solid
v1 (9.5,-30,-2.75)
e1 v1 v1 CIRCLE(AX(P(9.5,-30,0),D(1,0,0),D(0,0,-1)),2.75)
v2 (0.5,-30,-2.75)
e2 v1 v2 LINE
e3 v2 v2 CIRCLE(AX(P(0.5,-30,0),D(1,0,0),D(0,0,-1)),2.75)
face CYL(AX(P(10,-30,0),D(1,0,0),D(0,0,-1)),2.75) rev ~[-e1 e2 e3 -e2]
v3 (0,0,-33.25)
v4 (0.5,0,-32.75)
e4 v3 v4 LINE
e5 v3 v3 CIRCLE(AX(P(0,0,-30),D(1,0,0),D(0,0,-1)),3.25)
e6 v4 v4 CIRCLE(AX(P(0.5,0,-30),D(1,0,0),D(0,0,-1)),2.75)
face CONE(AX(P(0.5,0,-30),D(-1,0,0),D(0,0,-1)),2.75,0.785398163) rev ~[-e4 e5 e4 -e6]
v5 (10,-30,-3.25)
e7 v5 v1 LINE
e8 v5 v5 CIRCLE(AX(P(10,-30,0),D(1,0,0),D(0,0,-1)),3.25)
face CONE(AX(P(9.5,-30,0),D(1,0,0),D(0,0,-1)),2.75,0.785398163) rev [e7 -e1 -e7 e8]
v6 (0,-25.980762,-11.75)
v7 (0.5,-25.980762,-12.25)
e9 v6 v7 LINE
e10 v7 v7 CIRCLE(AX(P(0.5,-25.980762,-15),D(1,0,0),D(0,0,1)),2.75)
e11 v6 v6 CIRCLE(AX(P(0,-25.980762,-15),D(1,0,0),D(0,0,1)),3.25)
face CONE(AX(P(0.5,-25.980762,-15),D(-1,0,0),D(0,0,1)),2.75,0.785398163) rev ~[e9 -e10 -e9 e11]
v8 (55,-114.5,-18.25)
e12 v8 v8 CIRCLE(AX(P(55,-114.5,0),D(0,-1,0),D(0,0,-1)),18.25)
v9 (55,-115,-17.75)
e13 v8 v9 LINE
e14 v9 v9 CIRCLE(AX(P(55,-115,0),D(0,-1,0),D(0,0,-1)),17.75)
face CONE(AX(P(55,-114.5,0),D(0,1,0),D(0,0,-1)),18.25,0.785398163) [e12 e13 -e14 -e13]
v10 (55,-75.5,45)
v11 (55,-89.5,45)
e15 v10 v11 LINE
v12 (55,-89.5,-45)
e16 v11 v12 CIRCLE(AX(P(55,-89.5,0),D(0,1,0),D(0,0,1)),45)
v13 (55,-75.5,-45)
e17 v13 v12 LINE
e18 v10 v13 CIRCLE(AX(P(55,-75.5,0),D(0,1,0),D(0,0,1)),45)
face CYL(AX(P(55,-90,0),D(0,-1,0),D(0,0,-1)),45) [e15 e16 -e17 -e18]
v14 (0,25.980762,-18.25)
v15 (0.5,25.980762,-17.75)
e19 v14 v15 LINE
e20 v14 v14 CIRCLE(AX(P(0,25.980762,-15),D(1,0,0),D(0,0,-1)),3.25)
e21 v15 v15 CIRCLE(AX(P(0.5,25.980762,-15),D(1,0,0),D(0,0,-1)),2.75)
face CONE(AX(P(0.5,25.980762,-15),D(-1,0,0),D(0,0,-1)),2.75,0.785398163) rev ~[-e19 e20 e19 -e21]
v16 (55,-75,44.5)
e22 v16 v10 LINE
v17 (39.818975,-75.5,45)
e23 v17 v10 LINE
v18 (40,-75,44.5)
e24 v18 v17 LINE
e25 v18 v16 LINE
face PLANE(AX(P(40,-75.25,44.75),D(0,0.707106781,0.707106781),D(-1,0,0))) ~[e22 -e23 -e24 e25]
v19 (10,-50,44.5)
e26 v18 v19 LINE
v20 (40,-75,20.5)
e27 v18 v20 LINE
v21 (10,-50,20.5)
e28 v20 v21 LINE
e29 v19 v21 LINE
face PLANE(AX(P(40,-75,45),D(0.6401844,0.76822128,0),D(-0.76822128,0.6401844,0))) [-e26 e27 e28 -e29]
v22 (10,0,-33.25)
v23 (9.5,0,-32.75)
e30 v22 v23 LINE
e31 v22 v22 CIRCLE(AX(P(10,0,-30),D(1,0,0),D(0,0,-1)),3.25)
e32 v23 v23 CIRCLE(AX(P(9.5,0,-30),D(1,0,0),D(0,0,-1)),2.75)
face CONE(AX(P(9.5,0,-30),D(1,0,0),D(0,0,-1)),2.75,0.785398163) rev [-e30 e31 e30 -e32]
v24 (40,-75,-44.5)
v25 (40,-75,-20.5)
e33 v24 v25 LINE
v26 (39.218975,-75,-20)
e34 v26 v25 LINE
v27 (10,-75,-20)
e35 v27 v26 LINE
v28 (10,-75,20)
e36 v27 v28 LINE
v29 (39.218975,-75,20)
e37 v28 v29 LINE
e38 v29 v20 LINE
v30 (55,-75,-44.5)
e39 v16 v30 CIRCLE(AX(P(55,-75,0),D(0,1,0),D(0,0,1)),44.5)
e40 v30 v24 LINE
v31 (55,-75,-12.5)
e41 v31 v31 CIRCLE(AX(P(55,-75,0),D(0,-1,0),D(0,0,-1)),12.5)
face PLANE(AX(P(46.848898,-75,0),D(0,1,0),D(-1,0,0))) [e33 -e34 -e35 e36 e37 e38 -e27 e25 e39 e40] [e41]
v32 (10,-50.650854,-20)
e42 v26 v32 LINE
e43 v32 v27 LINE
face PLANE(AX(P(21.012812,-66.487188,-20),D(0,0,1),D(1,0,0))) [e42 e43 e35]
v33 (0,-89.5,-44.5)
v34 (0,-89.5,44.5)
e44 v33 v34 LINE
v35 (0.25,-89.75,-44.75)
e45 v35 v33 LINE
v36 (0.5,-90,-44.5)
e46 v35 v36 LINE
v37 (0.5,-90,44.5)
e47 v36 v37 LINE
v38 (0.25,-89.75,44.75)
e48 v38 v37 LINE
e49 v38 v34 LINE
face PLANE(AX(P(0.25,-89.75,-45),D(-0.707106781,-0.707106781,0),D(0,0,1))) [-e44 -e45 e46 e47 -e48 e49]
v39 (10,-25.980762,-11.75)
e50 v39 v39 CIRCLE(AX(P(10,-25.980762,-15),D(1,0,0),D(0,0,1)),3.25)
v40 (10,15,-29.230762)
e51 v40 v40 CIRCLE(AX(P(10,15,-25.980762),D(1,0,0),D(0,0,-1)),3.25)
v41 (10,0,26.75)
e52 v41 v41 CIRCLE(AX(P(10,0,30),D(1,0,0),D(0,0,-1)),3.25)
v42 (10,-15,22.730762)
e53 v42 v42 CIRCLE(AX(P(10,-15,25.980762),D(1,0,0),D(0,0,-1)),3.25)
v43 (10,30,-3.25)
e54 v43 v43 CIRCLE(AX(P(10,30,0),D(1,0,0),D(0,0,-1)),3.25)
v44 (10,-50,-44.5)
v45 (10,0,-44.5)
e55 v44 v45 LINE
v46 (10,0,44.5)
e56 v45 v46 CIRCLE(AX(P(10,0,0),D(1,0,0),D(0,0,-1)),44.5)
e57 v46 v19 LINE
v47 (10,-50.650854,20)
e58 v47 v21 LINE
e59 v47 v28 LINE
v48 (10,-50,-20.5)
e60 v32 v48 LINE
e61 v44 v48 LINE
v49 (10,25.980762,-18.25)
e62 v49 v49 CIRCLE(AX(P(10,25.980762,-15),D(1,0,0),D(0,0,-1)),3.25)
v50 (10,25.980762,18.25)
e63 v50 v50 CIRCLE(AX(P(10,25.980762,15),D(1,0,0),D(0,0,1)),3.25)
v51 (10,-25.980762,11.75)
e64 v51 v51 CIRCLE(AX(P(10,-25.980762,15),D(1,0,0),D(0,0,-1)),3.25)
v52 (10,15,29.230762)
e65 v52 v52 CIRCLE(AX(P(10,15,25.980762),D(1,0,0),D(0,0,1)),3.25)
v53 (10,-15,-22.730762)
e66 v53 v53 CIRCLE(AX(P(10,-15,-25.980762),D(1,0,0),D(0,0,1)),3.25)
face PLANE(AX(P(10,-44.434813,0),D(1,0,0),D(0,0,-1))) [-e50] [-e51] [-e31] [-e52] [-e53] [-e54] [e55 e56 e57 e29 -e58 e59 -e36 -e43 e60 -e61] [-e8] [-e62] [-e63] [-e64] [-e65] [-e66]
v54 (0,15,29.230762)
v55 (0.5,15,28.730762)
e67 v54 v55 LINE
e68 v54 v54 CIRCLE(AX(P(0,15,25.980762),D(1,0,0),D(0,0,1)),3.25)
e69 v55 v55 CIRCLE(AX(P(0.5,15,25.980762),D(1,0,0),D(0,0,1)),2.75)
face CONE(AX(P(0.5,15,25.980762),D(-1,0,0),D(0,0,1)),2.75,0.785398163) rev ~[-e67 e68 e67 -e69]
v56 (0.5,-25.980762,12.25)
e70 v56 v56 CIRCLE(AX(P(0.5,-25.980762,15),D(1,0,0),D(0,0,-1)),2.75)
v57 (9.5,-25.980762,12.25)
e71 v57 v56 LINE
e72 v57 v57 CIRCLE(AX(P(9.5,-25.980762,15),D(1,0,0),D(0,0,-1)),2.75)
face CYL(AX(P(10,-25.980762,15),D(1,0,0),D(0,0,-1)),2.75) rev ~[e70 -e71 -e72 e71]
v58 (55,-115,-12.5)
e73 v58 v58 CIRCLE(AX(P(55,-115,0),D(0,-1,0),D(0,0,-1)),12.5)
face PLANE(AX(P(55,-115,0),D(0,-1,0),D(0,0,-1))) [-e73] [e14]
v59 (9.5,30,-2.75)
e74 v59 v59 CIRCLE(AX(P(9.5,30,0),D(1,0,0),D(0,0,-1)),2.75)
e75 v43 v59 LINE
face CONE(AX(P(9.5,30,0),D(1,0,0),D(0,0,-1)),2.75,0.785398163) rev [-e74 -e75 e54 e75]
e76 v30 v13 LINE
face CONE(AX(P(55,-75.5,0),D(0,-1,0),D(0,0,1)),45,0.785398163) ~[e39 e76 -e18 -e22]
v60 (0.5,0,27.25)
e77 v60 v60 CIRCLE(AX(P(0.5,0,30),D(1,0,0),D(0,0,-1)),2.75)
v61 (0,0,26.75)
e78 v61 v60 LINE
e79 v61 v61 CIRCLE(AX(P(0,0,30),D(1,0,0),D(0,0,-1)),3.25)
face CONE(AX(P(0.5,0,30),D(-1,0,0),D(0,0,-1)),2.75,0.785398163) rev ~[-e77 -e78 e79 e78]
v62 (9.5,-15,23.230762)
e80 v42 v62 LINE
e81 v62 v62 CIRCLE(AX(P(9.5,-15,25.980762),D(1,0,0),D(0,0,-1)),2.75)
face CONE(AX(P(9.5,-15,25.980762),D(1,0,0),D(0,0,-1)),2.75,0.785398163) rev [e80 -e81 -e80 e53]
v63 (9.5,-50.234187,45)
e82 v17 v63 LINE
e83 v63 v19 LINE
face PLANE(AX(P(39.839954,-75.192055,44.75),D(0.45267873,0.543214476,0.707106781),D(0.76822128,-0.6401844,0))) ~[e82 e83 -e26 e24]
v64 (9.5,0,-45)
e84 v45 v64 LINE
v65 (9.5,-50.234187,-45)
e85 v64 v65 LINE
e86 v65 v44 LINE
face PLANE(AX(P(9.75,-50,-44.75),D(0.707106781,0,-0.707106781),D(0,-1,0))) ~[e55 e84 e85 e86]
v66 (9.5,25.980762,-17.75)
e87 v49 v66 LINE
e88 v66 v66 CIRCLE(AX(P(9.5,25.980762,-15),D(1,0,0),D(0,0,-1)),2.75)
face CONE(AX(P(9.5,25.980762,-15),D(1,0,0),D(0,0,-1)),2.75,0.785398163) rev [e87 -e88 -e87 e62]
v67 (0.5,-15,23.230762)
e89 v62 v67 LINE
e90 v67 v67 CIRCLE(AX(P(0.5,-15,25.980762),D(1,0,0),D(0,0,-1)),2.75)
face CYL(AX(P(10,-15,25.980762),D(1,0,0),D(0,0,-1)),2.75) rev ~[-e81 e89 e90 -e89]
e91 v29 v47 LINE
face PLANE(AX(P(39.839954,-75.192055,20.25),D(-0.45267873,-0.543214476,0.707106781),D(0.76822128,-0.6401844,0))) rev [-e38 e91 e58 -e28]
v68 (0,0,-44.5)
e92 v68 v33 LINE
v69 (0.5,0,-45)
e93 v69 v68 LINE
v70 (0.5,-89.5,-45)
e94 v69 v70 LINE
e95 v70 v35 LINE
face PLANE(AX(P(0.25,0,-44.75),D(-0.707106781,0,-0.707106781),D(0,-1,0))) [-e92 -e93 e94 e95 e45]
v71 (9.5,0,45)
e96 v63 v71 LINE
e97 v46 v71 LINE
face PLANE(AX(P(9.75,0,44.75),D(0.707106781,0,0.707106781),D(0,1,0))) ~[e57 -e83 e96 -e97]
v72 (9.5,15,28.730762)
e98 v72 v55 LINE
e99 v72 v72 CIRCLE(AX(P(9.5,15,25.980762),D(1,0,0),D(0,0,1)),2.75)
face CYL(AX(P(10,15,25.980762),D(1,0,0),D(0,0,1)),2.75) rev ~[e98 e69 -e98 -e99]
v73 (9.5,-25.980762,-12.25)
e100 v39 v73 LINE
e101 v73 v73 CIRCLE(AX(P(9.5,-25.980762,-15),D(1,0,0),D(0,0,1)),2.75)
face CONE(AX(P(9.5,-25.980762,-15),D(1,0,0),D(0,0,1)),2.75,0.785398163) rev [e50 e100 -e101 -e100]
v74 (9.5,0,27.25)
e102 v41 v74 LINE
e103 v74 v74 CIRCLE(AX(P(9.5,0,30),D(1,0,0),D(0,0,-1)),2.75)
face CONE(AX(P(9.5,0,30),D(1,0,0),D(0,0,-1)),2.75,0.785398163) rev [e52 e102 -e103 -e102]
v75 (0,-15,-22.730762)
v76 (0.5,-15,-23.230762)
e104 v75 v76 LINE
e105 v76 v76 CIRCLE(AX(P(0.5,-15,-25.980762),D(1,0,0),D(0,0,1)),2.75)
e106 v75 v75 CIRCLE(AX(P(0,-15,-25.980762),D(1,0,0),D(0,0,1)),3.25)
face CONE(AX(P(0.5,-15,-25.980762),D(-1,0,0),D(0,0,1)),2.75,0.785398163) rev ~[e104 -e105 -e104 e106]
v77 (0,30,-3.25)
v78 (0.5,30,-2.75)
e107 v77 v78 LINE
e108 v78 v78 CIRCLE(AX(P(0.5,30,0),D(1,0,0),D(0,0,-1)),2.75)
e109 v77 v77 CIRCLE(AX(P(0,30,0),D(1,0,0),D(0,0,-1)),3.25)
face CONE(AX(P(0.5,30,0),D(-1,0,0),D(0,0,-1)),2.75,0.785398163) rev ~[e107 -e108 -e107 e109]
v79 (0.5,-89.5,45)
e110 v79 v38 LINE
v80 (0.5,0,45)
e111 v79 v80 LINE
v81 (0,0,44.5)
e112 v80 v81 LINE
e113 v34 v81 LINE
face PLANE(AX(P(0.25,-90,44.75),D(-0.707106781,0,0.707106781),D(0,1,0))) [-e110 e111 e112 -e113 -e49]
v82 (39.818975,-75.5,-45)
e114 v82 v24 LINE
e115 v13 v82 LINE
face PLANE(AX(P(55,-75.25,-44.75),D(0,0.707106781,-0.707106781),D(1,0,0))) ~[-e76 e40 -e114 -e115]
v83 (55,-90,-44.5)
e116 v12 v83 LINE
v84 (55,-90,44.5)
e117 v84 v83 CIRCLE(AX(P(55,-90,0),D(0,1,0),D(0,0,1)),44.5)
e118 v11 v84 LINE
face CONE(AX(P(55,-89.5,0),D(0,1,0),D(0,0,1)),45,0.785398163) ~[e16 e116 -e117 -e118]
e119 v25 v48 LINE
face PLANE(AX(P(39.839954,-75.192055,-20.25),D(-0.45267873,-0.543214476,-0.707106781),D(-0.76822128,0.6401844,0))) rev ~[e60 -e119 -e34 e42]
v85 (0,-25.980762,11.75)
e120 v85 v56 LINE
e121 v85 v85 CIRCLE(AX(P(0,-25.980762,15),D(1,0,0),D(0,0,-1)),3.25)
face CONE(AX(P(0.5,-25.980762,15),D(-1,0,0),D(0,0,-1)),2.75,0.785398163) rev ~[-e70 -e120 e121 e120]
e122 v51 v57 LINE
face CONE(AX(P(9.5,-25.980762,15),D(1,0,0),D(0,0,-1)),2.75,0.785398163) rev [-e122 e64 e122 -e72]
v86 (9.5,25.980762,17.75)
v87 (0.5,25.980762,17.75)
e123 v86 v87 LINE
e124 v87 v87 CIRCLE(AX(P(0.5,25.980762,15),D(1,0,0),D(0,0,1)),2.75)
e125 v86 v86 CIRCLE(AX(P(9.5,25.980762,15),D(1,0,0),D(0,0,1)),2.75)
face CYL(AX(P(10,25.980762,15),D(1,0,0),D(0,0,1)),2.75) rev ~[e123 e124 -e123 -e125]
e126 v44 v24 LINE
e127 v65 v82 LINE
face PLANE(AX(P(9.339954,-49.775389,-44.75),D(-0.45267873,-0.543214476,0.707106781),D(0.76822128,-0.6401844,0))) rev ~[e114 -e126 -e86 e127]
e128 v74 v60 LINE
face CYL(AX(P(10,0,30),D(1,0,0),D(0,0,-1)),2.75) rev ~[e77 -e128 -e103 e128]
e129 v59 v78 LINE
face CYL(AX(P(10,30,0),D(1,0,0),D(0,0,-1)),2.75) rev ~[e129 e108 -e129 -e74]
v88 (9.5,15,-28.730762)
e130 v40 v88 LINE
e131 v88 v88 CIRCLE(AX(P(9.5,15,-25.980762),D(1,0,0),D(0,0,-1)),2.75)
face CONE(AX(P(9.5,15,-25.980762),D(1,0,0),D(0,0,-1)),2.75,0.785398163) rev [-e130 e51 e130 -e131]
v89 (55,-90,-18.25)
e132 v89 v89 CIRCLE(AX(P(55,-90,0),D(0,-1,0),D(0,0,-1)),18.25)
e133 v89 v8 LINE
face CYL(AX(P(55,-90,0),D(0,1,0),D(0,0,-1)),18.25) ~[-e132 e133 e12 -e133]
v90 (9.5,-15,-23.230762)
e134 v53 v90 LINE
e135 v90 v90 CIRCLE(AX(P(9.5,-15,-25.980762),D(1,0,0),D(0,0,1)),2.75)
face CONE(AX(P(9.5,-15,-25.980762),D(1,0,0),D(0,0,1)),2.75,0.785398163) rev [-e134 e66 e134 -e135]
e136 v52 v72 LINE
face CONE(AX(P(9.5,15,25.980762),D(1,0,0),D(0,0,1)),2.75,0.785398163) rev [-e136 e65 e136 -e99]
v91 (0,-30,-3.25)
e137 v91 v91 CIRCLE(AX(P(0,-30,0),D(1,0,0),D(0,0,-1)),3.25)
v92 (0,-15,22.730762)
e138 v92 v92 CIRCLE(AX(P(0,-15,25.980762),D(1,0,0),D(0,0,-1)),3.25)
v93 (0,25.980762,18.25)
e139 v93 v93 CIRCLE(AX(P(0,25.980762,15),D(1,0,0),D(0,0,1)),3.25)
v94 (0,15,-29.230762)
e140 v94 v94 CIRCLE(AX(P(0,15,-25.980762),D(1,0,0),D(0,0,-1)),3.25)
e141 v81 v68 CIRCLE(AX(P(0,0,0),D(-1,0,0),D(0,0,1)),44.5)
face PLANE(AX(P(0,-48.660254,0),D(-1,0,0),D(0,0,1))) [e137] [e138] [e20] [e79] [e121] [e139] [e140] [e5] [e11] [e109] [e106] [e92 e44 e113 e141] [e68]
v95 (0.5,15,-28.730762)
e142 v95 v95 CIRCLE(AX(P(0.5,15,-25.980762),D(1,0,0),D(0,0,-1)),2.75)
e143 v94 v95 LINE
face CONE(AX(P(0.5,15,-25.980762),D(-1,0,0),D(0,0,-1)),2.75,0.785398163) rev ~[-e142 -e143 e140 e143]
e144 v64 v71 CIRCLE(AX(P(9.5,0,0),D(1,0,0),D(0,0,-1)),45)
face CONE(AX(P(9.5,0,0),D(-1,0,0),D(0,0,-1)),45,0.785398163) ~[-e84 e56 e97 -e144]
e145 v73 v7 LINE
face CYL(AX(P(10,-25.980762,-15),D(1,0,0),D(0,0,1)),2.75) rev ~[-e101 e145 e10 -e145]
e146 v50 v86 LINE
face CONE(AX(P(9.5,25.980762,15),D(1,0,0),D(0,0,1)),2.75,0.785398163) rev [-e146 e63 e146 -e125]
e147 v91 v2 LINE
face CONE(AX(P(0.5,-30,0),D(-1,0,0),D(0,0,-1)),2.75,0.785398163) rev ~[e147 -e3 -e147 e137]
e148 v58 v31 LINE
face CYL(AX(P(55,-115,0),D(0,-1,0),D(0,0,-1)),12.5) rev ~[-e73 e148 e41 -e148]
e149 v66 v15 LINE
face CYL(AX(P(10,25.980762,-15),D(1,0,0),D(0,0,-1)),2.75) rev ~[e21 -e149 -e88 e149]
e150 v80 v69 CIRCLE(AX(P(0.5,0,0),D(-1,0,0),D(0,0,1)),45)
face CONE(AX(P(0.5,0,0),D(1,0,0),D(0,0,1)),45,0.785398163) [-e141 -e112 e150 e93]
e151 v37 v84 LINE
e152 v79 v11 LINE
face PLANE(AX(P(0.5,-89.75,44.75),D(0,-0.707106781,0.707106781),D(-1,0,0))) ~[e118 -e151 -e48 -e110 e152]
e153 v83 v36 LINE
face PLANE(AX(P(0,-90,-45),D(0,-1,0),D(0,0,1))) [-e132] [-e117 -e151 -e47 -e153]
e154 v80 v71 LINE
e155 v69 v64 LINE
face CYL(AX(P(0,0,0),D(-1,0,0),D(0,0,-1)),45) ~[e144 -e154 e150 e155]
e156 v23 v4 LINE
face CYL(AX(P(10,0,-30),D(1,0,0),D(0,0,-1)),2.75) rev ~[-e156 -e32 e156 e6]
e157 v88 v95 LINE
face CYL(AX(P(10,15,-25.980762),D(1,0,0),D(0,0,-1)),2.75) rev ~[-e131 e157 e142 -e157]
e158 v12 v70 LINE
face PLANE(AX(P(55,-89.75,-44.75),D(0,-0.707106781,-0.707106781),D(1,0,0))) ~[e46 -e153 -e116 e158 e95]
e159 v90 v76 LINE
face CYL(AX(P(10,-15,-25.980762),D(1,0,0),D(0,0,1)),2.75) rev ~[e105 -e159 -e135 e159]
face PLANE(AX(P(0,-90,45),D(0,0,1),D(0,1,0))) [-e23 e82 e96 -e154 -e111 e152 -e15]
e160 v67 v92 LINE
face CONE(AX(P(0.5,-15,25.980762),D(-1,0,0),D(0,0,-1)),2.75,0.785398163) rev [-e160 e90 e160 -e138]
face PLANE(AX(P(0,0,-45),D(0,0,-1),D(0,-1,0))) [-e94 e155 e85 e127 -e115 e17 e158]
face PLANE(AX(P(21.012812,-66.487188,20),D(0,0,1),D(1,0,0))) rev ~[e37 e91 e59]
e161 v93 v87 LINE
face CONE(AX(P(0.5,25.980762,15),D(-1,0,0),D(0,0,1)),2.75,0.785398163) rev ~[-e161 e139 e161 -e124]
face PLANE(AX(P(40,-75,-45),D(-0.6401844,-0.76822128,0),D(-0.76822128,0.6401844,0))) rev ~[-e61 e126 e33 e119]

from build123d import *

# Parameters (mm, degrees)
SKETCH_1_R          = 45
EXTRUDE_1_DEPTH     = 10
SKETCH_2_R          = 2.75
CUT_EXTRUDE_1_DEPTH = 65.420493634
EXTRUDE_START       = -5
EXTRUDE_2_DEPTH     = 5
EXTRUDE_3_DEPTH     = 5
EXTRUDE_START_2     = 10
EXTRUDE_4_DEPTH     = 10
SKETCH_6_R          = 18.25
EXTRUDE_5_DEPTH     = 25
EXTRUDE_6_DEPTH     = 25
EXTRUDE_7_DEPTH     = 25
EXTRUDE_START_3     = 5
EXTRUDE_8_DEPTH     = 5
CHAMFER_1_SIZE      = 0.5
CHAMFER_2_SIZE      = 0.5
CHAMFER_3_SIZE      = 0.5
CHAMFER_4_SIZE      = 0.5
CHAMFER_5_SIZE      = 0.5
SKETCH_10_R         = 12.5
CUT_EXTRUDE_2_DEPTH = 194.971647413


with BuildPart() as part:
    # 草图1 → 凸台-拉伸1 (new body)
    with BuildSketch(Plane(origin=(0, 0, 0), x_dir=(0, 0, -1), z_dir=(1, 0, 0))):
        Circle(SKETCH_1_R)
    extrude(amount=EXTRUDE_1_DEPTH)

    # 草图2 → 切除-拉伸1 (cut, through all)
    with BuildSketch(Plane(origin=(10, 0, 0), x_dir=(0, 0, -1), z_dir=(1, 0, 0))):
        with Locations((0, 30)):
            Circle(SKETCH_2_R)
        with Locations((30, 0)):
            Circle(SKETCH_2_R)
        with Locations((0, -30)):
            Circle(SKETCH_2_R)
        with Locations((-30, 0)):
            Circle(SKETCH_2_R)
        with Locations((25.980762114, 15)):
            Circle(SKETCH_2_R)
        with Locations((15, 25.980762114)):
            Circle(SKETCH_2_R)
        with Locations(Location((-15, 25.980762114, 0), (0, 0, 180))):
            Circle(SKETCH_2_R)
        with Locations(Location((-25.980762114, 15, 0), (0, 0, 180))):
            Circle(SKETCH_2_R)
        with Locations((-25.980762114, -15)):
            Circle(SKETCH_2_R)
        with Locations((-15, -25.980762114)):
            Circle(SKETCH_2_R)
        with Locations(Location((15, -25.980762114, 0), (0, 0, 180))):
            Circle(SKETCH_2_R)
        with Locations(Location((25.980762114, -15, 0), (0, 0, 180))):
            Circle(SKETCH_2_R)
    extrude(amount=-CUT_EXTRUDE_1_DEPTH, mode=Mode.SUBTRACT)

    # 草图3 → 凸台-拉伸2 (add)
    with BuildSketch(Plane(origin=(10, 0, 0), x_dir=(0, 0, -1), z_dir=(1, 0, 0)).offset(EXTRUDE_START)):
        with BuildLine():
            ThreePointArc((45, 0), (0, -45), (-45, 0))
            Line((-45, 0), (-45, -80))
            Line((-45, -80), (45, -80))
            Line((45, -80), (45, 0))
        make_face()
    extrude(amount=EXTRUDE_2_DEPTH)

    # 草图4 → 凸台-拉伸3 (add)
    with BuildSketch(Plane.XZ.offset(80)):
        with BuildLine():
            Line((10, 45), (55, 45))
            ThreePointArc((55, 45), (100, 0), (55, -45))
            Line((55, -45), (10, -45))
            Line((10, -45), (10, 45))
        make_face()
    extrude(amount=-EXTRUDE_3_DEPTH)

    # 草图5 → 凸台-拉伸4 (add)
    with BuildSketch(Plane.XZ.offset(80).offset(EXTRUDE_START_2)):
        with BuildLine():
            Line((5, -45), (55, -45))
            ThreePointArc((55, -45), (100, 0), (55, 45))
            Line((55, 45), (5, 45))
            Line((5, 45), (5, -45))
        make_face()
    extrude(amount=-EXTRUDE_4_DEPTH)

    # 草图6 → 凸台-拉伸5 (add)
    with BuildSketch(Plane.XZ.offset(90)):
        with Locations(Location((55, 0, 0), (0, 0, 270))):
            Circle(SKETCH_6_R)
    extrude(amount=EXTRUDE_5_DEPTH)

    # 草图7 → 凸台-拉伸6 (add)
    with BuildSketch(Plane(origin=(0, 0, -45), x_dir=(-1, 0, 0), z_dir=(0, 0, -1))):
        Polygon((-40, -75), (-10, -50), (-10, -75), align=None)
    extrude(amount=-EXTRUDE_6_DEPTH)

    # 草图8 → 凸台-拉伸7 (add)
    with BuildSketch(Plane.XY.offset(45)):
        Polygon((10, -75), (40, -75), (10, -50), align=None)
    extrude(amount=-EXTRUDE_7_DEPTH)

    # 草图9 → 凸台-拉伸8 (add)
    with BuildSketch(Plane.ZY.offset(-5).offset(EXTRUDE_START_3)):
        with BuildLine():
            Line((-45, 0), (-45, -90))
            Line((-45, -90), (45, -90))
            Line((45, -90), (45, 0))
            ThreePointArc((45, 0), (0, -45), (-45, 0))
        make_face()
    extrude(amount=-EXTRUDE_8_DEPTH)

    # 倒角1
    chamfer_1_edges = [part.edges().sort_by_distance(p)[0] for p in [
        (55, -115, 18.25),
    ]]
    chamfer(chamfer_1_edges, length=CHAMFER_1_SIZE)

    # 倒角2
    chamfer_2_edges = [part.edges().sort_by_distance(p)[0] for p in [
        (10, -15, 28.730762114),
        (10, 15, 23.230762114),
        (10, 25.980762114, 12.25),
        (10, 25.980762114, -12.25),
        (10, 0, -27.25),
        (10, -30, 2.75),
        (10, 0, 32.75),
        (10, 15, -23.230762114),
        (10, -25.980762114, 17.75),
        (10, -25.980762114, -17.75),
        (10, -15, -28.730762114),
        (10, 30, 2.75),
    ]]
    chamfer(chamfer_2_edges, length=CHAMFER_2_SIZE)

    # 倒角3
    chamfer_3_edges = [part.edges().sort_by_distance(p)[0] for p in [
        (0, -45, -45),
        (0, -90, 0),
        (0, -45, 45),
        (0, 45, 0),
        (0, -15, 28.730762114),
        (0, 15, 23.230762114),
        (0, 25.980762114, 12.25),
        (0, 25.980762114, -12.25),
        (0, 0, -27.25),
        (0, -30, 2.75),
        (0, 0, 32.75),
        (0, 15, -23.230762114),
        (0, -25.980762114, 17.75),
        (0, -25.980762114, -17.75),
        (0, -15, -28.730762114),
        (0, 30, 2.75),
    ]]
    chamfer(chamfer_3_edges, length=CHAMFER_3_SIZE)

    # 倒角4
    chamfer_4_edges = [part.edges().sort_by_distance(p)[0] for p in [
        (10, -25, -45),
        (10, 45, 0),
        (10, -25, 45),
    ]]
    chamfer(chamfer_4_edges, length=CHAMFER_4_SIZE)

    # 倒角5
    chamfer_5_edges = [part.edges().sort_by_distance(p)[0] for p in [
        (25, -62.5, 20),
        (25, -62.5, -20),
        (24.75, -62.291666667, -45),
        (27.75, -90, -45),
        (27.75, -90, 45),
        (100, -90, 0),
        (100, -75, 0),
        (47.5, -75, -45),
        (47.5, -75, 45),
        (24.75, -62.291666667, 45),
    ]]
    chamfer(chamfer_5_edges, length=CHAMFER_5_SIZE)

    # 草图10 → 切除-拉伸2 (cut, through all)
    with BuildSketch(Plane.XZ.offset(115)):
        with Locations(Location((55, 0, 0), (0, 0, 270))):
            Circle(SKETCH_10_R)
    extrude(amount=-CUT_EXTRUDE_2_DEPTH, mode=Mode.SUBTRACT)


solid = part.part
